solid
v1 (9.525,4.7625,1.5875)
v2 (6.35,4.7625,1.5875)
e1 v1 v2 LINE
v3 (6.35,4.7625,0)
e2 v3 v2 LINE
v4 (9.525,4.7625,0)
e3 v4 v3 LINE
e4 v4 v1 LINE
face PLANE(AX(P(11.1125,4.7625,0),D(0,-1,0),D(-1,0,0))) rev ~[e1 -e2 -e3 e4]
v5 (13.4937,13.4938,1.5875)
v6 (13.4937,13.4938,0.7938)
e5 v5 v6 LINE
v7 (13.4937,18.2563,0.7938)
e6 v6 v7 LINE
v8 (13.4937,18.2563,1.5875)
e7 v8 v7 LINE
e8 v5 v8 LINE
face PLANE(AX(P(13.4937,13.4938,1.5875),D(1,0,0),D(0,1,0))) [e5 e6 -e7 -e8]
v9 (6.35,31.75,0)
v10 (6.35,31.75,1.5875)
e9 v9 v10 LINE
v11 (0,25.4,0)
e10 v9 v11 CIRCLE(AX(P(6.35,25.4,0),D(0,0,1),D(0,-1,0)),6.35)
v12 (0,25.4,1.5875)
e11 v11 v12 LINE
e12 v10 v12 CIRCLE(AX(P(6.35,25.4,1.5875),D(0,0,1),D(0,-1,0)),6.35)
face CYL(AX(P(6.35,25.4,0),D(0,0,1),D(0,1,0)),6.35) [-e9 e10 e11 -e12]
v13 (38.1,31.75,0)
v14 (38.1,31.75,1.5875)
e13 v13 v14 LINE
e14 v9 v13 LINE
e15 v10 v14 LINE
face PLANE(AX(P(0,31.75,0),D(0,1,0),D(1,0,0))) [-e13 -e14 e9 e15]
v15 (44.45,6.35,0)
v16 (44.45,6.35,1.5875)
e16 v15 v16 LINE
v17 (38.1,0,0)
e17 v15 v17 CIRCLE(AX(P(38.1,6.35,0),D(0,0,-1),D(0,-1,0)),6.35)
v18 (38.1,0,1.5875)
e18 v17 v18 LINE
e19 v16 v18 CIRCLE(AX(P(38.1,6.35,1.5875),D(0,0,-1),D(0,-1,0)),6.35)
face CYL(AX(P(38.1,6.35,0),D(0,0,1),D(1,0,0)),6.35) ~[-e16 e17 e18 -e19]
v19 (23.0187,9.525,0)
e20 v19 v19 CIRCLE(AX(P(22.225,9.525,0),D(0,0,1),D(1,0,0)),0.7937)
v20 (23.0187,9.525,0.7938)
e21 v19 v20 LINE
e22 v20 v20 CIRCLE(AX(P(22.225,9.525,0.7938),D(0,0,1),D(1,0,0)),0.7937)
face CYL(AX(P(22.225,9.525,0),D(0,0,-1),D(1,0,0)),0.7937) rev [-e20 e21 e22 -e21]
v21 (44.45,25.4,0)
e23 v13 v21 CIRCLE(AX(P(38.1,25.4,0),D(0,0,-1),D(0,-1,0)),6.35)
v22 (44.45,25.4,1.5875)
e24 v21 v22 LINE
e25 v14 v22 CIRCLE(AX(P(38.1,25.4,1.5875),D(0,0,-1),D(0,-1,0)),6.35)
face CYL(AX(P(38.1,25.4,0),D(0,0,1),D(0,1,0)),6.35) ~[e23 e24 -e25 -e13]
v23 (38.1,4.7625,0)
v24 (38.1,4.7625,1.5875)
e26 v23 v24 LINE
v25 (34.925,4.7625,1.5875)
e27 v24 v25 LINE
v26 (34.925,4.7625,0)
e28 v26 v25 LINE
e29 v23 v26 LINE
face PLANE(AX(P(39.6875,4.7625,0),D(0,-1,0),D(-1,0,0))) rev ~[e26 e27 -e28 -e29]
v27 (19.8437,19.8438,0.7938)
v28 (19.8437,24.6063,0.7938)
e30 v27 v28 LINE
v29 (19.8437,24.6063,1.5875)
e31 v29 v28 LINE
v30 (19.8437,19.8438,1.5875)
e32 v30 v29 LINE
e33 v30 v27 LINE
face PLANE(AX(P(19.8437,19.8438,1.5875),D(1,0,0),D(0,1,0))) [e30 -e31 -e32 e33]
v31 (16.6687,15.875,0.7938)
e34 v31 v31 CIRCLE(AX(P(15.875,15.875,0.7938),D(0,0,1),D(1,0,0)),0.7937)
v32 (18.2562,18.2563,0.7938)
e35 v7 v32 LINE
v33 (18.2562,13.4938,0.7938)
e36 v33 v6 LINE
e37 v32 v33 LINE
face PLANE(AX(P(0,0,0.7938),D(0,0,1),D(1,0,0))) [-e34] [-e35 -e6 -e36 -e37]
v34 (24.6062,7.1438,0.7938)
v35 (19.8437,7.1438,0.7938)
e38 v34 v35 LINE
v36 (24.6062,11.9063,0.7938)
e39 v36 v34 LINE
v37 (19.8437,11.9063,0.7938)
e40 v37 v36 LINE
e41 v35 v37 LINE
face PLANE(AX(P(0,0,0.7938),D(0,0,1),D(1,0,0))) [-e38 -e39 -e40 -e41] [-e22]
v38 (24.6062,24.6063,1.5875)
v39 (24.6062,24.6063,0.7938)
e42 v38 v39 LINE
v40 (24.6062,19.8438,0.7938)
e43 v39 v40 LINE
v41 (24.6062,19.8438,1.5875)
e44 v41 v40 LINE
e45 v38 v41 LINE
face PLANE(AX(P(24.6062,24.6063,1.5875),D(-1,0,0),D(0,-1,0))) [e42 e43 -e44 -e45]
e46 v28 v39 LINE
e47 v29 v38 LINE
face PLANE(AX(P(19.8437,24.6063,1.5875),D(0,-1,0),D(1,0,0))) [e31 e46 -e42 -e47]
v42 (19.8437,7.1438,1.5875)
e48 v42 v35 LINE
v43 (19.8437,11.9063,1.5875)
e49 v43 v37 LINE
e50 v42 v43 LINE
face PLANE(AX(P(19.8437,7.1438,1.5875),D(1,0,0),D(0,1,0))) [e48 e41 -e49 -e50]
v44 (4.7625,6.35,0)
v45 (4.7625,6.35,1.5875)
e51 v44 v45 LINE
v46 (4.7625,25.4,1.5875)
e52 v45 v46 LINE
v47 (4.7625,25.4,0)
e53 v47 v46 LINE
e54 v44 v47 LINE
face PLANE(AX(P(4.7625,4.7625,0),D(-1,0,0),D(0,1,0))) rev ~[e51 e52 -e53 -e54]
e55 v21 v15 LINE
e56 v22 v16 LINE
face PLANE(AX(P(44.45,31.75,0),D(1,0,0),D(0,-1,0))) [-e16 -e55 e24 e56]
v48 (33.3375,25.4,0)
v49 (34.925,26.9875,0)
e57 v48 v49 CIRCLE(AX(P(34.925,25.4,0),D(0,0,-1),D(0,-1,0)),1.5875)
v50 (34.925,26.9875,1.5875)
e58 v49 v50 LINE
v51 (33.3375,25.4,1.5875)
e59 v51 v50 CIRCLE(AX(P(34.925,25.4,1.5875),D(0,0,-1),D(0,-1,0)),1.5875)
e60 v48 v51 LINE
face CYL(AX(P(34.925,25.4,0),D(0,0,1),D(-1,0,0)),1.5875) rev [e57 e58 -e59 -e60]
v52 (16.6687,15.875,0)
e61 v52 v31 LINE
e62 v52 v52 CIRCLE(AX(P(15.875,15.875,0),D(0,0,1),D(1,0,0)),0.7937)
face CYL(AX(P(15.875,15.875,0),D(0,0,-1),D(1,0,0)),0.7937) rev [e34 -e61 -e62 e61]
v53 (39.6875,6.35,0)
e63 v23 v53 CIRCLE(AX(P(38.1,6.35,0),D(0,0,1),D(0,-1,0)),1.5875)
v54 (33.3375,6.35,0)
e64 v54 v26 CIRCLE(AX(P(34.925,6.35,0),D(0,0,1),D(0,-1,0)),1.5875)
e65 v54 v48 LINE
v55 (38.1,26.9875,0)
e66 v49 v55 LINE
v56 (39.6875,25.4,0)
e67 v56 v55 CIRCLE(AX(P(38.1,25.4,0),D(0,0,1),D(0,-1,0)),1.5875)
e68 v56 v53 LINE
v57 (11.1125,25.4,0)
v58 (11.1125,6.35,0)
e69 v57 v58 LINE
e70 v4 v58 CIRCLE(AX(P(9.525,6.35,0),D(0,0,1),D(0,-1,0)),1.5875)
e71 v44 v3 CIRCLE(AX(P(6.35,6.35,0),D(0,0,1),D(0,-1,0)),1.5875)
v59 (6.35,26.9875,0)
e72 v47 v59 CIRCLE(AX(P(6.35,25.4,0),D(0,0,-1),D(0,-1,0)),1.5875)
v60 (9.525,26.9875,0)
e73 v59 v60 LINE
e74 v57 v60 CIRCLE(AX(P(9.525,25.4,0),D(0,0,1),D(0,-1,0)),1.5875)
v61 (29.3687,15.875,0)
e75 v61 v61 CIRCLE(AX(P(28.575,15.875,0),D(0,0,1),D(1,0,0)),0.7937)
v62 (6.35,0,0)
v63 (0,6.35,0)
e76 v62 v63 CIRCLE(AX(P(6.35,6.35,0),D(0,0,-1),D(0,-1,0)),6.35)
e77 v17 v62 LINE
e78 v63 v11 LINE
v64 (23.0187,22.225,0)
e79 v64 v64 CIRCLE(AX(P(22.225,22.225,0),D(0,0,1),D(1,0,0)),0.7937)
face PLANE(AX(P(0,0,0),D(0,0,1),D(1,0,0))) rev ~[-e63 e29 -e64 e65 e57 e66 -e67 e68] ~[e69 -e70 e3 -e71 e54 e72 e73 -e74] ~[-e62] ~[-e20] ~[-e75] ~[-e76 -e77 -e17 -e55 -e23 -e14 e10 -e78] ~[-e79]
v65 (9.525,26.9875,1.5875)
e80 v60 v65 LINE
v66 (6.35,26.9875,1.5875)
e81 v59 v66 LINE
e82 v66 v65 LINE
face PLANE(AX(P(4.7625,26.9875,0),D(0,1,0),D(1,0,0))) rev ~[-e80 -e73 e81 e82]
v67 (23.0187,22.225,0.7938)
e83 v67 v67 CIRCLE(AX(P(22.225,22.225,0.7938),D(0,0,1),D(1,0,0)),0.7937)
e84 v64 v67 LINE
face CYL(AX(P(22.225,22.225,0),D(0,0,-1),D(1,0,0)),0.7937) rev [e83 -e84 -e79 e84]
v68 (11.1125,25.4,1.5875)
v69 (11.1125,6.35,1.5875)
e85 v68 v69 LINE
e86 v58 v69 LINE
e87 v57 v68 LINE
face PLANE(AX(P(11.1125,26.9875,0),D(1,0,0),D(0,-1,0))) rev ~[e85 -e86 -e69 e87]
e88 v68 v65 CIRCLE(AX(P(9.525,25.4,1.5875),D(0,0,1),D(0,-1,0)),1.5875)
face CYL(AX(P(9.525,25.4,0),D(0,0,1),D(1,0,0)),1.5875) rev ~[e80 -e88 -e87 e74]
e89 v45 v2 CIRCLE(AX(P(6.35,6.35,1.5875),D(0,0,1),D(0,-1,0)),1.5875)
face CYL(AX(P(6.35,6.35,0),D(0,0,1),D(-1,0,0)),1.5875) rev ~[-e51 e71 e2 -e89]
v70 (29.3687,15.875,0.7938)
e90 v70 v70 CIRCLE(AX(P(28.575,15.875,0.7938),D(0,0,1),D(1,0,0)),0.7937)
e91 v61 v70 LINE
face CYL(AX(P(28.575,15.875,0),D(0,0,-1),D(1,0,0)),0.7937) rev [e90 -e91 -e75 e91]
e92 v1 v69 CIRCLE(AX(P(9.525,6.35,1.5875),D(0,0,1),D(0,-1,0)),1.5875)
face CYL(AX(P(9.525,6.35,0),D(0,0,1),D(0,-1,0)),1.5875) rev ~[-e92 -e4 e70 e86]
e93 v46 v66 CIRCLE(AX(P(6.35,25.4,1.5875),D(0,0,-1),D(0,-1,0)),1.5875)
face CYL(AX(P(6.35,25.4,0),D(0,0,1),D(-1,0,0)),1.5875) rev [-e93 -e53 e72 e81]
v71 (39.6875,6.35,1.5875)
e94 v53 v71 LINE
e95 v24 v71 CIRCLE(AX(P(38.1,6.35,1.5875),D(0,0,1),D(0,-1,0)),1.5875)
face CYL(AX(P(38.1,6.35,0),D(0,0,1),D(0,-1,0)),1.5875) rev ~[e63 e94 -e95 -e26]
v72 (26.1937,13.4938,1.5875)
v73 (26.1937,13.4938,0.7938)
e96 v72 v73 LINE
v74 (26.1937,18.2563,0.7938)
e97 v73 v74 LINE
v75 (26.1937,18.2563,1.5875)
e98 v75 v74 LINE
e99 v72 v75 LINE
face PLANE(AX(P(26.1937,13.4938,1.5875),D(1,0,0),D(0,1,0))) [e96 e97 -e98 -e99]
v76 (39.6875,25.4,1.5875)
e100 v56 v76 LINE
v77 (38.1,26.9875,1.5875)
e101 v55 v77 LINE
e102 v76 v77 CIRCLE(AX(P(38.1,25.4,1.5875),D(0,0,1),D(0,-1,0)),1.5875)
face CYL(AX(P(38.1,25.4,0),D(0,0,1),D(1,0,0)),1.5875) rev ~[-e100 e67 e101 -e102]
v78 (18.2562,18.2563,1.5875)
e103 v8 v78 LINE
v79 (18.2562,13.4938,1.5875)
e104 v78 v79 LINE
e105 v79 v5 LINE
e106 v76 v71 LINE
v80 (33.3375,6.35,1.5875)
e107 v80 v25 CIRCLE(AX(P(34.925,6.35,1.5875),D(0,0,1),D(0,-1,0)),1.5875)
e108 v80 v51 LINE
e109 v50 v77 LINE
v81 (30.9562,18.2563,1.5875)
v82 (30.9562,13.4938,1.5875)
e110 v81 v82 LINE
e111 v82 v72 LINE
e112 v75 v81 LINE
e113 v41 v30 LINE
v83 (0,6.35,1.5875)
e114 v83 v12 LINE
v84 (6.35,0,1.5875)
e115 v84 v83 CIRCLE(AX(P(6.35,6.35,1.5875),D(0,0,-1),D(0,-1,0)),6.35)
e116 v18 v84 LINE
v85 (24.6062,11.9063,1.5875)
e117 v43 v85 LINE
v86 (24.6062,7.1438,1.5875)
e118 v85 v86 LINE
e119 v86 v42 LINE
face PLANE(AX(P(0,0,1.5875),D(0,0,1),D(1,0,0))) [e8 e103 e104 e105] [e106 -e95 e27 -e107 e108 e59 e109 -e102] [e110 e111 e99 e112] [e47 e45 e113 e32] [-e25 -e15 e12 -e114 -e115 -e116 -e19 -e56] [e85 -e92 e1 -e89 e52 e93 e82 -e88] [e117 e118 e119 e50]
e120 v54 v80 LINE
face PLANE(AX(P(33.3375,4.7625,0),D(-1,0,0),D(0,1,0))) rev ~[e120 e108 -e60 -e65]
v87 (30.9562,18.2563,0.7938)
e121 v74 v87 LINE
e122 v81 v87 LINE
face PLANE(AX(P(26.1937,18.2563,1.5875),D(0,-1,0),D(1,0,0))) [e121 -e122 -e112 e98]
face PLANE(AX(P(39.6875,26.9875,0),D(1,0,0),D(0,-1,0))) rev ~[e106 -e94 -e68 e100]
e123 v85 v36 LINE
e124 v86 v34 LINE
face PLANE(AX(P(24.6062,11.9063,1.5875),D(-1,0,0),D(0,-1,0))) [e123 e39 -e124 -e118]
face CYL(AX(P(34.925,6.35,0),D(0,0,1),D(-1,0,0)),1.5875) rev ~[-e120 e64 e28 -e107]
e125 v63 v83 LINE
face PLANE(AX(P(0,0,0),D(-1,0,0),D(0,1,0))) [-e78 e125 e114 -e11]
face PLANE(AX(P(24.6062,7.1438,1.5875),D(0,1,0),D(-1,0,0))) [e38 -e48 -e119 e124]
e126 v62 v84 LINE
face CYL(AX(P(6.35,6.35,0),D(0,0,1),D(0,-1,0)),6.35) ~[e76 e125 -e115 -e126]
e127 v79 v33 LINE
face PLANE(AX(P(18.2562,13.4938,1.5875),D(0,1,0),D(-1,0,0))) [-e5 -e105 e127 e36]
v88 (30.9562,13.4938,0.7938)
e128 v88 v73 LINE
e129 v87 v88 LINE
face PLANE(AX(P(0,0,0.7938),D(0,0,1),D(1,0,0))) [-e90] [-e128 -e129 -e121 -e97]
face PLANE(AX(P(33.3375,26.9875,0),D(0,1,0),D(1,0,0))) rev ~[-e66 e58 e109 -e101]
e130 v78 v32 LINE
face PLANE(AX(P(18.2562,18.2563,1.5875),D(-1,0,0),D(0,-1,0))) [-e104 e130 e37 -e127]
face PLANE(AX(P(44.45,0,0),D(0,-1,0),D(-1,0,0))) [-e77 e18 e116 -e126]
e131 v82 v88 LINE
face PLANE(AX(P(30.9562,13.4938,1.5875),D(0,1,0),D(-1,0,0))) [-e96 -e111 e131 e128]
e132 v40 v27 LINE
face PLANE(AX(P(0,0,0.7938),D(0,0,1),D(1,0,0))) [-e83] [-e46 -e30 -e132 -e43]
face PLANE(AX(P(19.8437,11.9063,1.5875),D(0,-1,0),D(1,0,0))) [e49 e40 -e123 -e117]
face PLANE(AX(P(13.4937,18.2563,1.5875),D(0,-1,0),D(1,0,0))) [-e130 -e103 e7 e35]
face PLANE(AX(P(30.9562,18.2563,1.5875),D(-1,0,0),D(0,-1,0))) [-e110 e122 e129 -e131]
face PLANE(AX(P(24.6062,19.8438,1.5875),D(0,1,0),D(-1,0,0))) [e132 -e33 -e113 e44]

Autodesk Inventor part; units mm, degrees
ref_plane "YZ Plane" through (0, 0, 0) normal (1, 0, 0) x (0, 1, 0)
ref_plane "XZ Plane" through (0, 0, 0) normal (0, 1, 0) x (-1, 0, 0)
ref_plane "XY Plane" through (0, 0, 0) normal (0, 0, 1) x (1, 0, 0)
sketch "Sketch2" plane through (0, 0, 0) normal (0, 0, 1) x (1, 0, 0)
  line L0 (0, 31.75) -> (44.45, 31.75)
  line L1 (44.45, 31.75) -> (44.45, 0)
  line L2 (44.45, 0) -> (0, 0)
  line L3 (0, 0) -> (0, 31.75)
  circle A0 centre (22.225, 22.225) radius 0.7937
  circle A1 centre (22.225, 9.525) radius 0.7937
  circle A2 centre (28.575, 15.875) radius 0.7937
  circle A3 centre (15.875, 15.875) radius 0.7937
  line L4 (4.7625, 26.9875) -> (11.1125, 26.9875)
  line L5 (11.1125, 26.9875) -> (11.1125, 4.7625)
  line L6 (11.1125, 4.7625) -> (4.7625, 4.7625)
  line L7 (4.7625, 4.7625) -> (4.7625, 26.9875)
  line L8 (33.3375, 26.9875) -> (39.6875, 26.9875)
  line L9 (39.6875, 26.9875) -> (39.6875, 4.7625)
  line L10 (39.6875, 4.7625) -> (33.3375, 4.7625)
  line L11 (33.3375, 4.7625) -> (33.3375, 26.9875)
  dimension "d9" = 44.45
  dimension "d10" = 31.75
  dimension "d11" = 1.5875
  dimension "d12" = 1.5875
  dimension "d13" = 1.5875
  dimension "d14" = 1.5875
  dimension "d15" = 12.7
  dimension "d16" = 12.7
  dimension "d17" = 15.875
  dimension "d18" = 22.225
  dimension "d21" = 6.35
  dimension "d22" = 6.35
  dimension "d26" = 4.7625
  dimension "d27" = 4.7625
  dimension "d28" = 4.7625
  dimension "d29" = 4.7625
  dimension "d30" = 4.7625
  dimension "d31" = 4.7625
extrude "Extrusion4" add sketch "Sketch2" along normal blind 1.5875
fillet "Fillet2" radius 6.35 4 edges at (0, 31.75, 0.7937) (0, 0, 0.7937) (44.45, 0, 0.7937) (44.45, 31.75, 0.7937)
fillet "Fillet3" radius 1.5875 8 edges at (4.7625, 4.7625, 0.7937) (11.1125, 4.7625, 0.7937) (33.3375, 4.7625, 0.7937) (4.7625, 26.9875, 0.7937) (11.1125, 26.9875, 0.7937) (39.6875, 26.9875, 0.7937) (33.3375, 26.9875, 0.7937) (39.6875, 4.7625, 0.7937)
sketch "Sketch3" plane through (0, 0, 1.5875) normal (0, 0, 1) x (1, 0, 0)
  line L0 (13.4937, 18.2563) -> (18.2562, 18.2563)
  line L1 (18.2562, 18.2563) -> (18.2562, 13.4938)
  line L2 (18.2562, 13.4938) -> (13.4937, 13.4938)
  line L3 (13.4937, 13.4938) -> (13.4937, 18.2563)
  circle A0 centre (15.875, 15.875) radius 0.7937 projected
  line L4 (19.8437, 24.6063) -> (24.6062, 24.6063)
  line L5 (24.6062, 24.6063) -> (24.6062, 19.8438)
  line L6 (24.6062, 19.8438) -> (19.8437, 19.8438)
  line L7 (19.8437, 19.8438) -> (19.8437, 24.6063)
  line L8 (26.1937, 18.2563) -> (30.9562, 18.2563)
  line L9 (30.9562, 18.2563) -> (30.9562, 13.4938)
  line L10 (30.9562, 13.4938) -> (26.1937, 13.4938)
  line L11 (26.1937, 13.4938) -> (26.1937, 18.2563)
  line L12 (19.8437, 11.9063) -> (24.6062, 11.9063)
  line L13 (24.6062, 11.9063) -> (24.6062, 7.1438)
  line L14 (24.6062, 7.1438) -> (19.8437, 7.1438)
  line L15 (19.8437, 7.1438) -> (19.8437, 11.9063)
  circle A1 centre (22.225, 22.225) radius 0.7937 projected
  circle A2 centre (28.575, 15.875) radius 0.7937 projected
  circle A3 centre (22.225, 9.525) radius 0.7937 projected
  point P0 (0, 0)
  dimension "d36" = 4.7625
  dimension "d37" = 2.3813
  dimension "d38" = 2.3813
  dimension "d39" = 4.7625
  dimension "d41" = 2.3813
  dimension "d42" = 2.3813
  dimension "d43" = 2.3813
  dimension "d44" = 2.3813
  dimension "d45" = 2.3813
  dimension "d46" = 2.3813
extrude "Extrusion6" cut sketch "Sketch3" against normal blind 0.7937
equation "\"d12\" = d11"
equation "\"d13\" = d11"
equation "\"d14\" = d11"
equation "\"d17\" = 0.5 * d10"
equation "\"d18\" = 0.5 * d9"
equation "\"d28\" = d30"
equation "\"d29\" = d31"
equation "\"d37\" = 0.5 * d36"
equation "\"d38\" = 0.5 * d36"
equation "\"d39\" = d36"
equation "\"d41\" = d37"
equation "\"d42\" = d41"
equation "\"d43\" = d37"
equation "\"d44\" = d37"
equation "\"d45\" = d37"
equation "\"d46\" = d37"
properties part number "extender-plate"
